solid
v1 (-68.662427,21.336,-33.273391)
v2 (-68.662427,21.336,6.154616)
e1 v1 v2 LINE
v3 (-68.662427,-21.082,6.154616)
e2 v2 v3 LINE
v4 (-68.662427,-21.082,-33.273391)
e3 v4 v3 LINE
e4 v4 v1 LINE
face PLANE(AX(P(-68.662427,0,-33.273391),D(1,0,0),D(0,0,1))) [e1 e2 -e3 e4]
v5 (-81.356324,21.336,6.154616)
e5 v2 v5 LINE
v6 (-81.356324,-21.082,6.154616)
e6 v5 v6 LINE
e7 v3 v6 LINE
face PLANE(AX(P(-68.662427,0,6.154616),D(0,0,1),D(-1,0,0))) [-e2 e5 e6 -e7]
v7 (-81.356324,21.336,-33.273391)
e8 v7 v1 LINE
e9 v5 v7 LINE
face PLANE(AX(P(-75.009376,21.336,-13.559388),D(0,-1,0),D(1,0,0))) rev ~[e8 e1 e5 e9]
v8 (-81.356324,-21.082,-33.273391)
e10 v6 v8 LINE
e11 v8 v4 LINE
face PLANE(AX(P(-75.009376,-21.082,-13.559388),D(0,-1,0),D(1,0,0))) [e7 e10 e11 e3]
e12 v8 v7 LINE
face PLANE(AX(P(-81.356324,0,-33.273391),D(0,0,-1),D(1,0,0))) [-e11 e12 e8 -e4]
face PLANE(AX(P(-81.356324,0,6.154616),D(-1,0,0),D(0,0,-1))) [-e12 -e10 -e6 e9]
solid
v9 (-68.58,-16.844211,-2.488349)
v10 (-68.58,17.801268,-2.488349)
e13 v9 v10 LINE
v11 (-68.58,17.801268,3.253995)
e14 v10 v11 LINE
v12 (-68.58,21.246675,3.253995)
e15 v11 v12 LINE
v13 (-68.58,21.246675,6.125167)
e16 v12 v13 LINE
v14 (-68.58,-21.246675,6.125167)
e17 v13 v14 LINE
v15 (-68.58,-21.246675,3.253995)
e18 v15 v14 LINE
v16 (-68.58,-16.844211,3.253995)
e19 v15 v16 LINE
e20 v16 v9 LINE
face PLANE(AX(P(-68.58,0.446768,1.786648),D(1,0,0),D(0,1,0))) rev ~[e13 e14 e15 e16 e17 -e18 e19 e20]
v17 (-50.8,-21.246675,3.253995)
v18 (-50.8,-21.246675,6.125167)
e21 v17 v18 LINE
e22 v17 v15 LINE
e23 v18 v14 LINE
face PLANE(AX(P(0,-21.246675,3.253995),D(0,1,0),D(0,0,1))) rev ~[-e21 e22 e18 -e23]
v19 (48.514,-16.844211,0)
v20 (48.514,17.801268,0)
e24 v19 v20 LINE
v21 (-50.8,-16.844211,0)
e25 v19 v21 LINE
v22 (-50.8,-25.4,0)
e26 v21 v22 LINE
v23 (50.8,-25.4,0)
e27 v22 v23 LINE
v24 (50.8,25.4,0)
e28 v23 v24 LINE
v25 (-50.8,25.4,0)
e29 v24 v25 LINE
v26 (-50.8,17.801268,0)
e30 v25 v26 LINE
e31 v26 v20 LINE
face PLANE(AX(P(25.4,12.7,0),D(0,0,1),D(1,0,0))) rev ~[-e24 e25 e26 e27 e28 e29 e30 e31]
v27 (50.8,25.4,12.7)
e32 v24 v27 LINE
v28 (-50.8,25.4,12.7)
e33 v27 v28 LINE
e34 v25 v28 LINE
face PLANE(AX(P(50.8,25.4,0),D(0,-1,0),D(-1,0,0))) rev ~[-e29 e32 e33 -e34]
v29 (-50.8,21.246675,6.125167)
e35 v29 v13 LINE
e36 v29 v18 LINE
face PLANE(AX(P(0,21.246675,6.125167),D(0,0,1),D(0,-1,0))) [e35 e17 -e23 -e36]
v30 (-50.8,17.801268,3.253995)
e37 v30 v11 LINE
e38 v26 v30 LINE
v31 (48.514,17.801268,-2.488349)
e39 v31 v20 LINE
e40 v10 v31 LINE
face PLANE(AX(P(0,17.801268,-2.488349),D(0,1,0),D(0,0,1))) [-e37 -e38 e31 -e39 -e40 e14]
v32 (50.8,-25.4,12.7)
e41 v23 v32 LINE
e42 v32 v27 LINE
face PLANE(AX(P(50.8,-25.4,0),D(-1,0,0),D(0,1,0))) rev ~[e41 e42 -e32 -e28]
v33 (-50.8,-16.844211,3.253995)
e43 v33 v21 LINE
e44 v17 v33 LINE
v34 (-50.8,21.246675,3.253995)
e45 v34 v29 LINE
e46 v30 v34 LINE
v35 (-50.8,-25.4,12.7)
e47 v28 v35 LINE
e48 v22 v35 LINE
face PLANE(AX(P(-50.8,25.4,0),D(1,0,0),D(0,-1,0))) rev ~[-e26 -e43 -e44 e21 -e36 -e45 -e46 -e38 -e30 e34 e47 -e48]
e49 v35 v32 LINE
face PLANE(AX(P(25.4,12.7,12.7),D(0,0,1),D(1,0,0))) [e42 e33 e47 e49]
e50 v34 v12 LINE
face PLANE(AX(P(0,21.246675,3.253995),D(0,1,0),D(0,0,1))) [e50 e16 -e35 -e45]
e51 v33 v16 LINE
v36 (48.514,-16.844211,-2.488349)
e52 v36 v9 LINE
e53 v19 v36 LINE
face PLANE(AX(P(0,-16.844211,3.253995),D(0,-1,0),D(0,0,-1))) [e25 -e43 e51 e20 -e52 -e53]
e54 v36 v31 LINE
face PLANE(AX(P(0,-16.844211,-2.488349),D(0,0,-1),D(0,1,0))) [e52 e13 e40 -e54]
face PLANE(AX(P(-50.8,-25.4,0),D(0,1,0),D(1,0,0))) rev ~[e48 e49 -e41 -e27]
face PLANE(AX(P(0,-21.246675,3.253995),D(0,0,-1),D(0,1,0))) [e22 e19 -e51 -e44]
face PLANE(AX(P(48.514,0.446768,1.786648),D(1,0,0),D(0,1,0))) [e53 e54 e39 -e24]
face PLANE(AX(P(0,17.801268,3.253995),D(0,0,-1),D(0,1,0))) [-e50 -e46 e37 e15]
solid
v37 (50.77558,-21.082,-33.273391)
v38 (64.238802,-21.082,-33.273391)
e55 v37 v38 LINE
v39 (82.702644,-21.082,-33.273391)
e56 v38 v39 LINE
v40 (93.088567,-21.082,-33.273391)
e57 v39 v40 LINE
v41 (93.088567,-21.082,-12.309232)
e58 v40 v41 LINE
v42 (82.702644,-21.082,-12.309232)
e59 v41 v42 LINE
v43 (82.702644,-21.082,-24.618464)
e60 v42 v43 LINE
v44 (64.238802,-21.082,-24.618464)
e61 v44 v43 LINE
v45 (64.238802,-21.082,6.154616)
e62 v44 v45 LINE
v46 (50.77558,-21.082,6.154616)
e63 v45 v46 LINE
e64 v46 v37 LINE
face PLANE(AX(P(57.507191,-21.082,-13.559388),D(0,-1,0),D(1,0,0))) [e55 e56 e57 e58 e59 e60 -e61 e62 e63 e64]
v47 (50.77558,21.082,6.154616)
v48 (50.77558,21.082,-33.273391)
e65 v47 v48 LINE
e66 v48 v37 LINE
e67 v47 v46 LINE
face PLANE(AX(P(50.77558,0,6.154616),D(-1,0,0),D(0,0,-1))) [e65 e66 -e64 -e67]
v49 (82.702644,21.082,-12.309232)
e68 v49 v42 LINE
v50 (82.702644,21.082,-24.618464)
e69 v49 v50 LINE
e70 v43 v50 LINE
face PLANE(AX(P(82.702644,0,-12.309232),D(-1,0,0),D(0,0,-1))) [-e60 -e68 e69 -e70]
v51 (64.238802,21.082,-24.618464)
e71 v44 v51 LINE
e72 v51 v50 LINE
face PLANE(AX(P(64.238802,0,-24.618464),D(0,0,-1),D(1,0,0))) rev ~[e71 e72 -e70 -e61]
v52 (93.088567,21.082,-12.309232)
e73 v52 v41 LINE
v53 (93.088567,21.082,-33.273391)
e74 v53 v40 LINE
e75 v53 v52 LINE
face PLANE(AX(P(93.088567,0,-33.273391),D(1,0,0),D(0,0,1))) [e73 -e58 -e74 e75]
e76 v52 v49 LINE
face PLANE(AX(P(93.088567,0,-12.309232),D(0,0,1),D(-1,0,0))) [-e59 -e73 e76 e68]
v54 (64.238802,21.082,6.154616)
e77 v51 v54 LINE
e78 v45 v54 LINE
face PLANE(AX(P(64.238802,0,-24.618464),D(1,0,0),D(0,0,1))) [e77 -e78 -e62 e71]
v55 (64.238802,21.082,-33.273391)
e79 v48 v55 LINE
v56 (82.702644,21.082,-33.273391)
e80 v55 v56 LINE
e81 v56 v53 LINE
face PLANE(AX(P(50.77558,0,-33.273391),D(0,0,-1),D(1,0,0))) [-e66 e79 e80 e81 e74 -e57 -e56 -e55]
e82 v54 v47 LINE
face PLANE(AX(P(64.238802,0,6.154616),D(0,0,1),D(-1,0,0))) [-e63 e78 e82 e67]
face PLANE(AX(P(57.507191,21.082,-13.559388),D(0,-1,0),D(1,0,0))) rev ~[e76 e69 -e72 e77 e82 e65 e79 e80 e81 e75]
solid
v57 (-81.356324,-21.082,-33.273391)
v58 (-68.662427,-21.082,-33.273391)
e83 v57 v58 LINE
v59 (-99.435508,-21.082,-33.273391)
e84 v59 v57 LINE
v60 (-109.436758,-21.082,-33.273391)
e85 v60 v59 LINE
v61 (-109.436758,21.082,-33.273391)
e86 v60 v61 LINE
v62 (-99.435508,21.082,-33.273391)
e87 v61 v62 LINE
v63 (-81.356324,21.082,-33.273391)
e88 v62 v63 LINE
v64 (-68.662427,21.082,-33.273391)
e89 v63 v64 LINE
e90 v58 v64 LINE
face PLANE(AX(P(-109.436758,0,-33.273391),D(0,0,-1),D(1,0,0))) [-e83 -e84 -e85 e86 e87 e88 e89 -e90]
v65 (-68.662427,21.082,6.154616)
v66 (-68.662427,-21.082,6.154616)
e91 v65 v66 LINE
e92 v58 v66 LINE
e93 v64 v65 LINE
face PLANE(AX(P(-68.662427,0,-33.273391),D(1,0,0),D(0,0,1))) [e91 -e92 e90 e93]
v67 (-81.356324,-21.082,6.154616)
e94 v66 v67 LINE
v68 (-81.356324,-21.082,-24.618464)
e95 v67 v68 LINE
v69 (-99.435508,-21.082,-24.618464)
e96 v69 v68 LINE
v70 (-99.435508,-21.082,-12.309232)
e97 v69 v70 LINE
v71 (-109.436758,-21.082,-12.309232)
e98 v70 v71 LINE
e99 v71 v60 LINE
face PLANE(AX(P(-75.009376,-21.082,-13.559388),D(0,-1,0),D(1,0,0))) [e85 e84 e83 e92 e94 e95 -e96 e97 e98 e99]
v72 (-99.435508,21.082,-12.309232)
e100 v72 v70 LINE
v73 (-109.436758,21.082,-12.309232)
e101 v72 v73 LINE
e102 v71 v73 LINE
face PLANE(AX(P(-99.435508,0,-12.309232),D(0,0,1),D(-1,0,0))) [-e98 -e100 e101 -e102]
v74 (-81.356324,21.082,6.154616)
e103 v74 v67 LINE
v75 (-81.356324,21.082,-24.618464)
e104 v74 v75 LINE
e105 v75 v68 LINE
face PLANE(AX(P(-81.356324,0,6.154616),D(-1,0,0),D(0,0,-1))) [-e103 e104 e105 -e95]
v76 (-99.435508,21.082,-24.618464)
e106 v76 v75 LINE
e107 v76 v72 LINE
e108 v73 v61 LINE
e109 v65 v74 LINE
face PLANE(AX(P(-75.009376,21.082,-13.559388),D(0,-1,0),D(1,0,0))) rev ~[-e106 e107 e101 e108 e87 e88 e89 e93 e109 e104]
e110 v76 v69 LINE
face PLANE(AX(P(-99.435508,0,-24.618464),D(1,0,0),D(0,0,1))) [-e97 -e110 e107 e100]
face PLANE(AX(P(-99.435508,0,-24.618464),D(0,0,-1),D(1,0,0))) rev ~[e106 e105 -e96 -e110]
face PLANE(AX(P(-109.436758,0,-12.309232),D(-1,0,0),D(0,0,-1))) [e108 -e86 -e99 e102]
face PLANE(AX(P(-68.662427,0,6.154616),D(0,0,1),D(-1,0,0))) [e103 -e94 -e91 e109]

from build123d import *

# Parameters (mm, degrees)
F0_W          = 50.8
F0_H          = 25.4
F1_DEPTH      = 12.7
F2_W          = 4.4024642557
F2_H          = 2.8711722698
F2_W_2        = 0.95705688
F2_W_3        = 3.4454073757
F3_DEPTH      = 48.514
F3_DEPTH_BACK = 68.58
F5_DEPTH      = 21.082
F5_DEPTH_BACK = 21.336
F4_W          = 18.0791839957
F4_H          = 8.6549278349
F6_DEPTH      = 21.082
F6_DEPTH_BACK = 21.082
F4_W_2        = 18.4638425708


with BuildPart() as f1:
    # F0 (on Top) → F1 (new body)
    with BuildSketch(Plane.XY):
        with Locations((25.4, 12.7)):
            Rectangle(F0_W, F0_H)
        with Locations((-25.4, 12.7)):
            Rectangle(F0_W, F0_H)
        with Locations((25.4, -12.7)):
            Rectangle(F0_W, F0_H)
        with Locations((-25.4, -12.7)):
            Rectangle(F0_W, F0_H)
    extrude(amount=F1_DEPTH)

    # F2 (on Right) → F3 (join, two sides)
    with BuildSketch(Plane.YZ) as f3_sk:
        Polygon((-16.8442111462, 3.2539952081), (-16.8442111462, -2.4883493315), (17.8012680262, -2.4883493315), (17.8012680262, 3.2539952081), (16.8442111462, 3.2539952081), (16.8442111462, 6.1251674779), (-16.8442111462, 6.1251674779), align=None)
        with Locations((-19.0454432741, 4.689581343)):
            Rectangle(F2_W, F2_H)
        with Locations((17.3227395862, 4.689581343)):
            Rectangle(F2_W_2, F2_H)
        with Locations((19.5239717141, 4.689581343)):
            Rectangle(F2_W_3, F2_H)
    extrude(amount=F3_DEPTH)
    extrude(f3_sk.sketch, amount=-F3_DEPTH_BACK)


with BuildPart() as f5:
    # F4 (on Front) → F5 (new body, two sides)
    with BuildSketch(Plane.XZ) as f5_sk:
        Polygon((-68.6624273658, -33.2733914256), (-68.6624273658, 6.1546158977), (-81.3563242555, 6.1546158977), (-81.3563242555, -24.6184635907), (-81.3563242555, -33.2733914256), align=None)
    extrude(amount=F5_DEPTH)
    extrude(f5_sk.sketch, amount=-F5_DEPTH_BACK)


with BuildPart() as f6:
    # F4 (on Front) → F6 (new body, two sides)
    with BuildSketch(Plane.XZ) as f6_sk:
        Polygon((-68.6624273658, -33.2733914256), (-68.6624273658, 6.1546158977), (-81.3563242555, 6.1546158977), (-81.3563242555, -24.6184635907), (-81.3563242555, -33.2733914256), align=None)
        with Locations((-90.3959162533, -28.9459275082)):
            Rectangle(F4_W, F4_H)
        Polygon((-99.4355082512, -33.2733914256), (-99.4355082512, -24.6184635907), (-99.4355082512, -12.3092317954), (-109.4367578626, -12.3092317954), (-109.4367578626, -33.2733914256), align=None)
    extrude(amount=F6_DEPTH)
    extrude(f6_sk.sketch, amount=-F6_DEPTH_BACK)


with BuildPart() as f6b:
    # F4 (on Front) → F6, piece 2 (new body, two sides)
    with BuildSketch(Plane.XZ) as f6_2_sk:
        Polygon((64.2388015985, 6.1546158977), (50.7755801082, 6.1546158977), (50.7755801082, -33.2733914256), (64.2388015985, -33.2733914256), (64.2388015985, -24.6184635907), align=None)
        with Locations((73.4707228839, -28.9459275082)):
            Rectangle(F4_W_2, F4_H)
        Polygon((82.7026441693, -12.3092317954), (82.7026441693, -24.6184635907), (82.7026441693, -33.2733914256), (93.0885672569, -33.2733914256), (93.0885672569, -12.3092317954), align=None)
    extrude(amount=F6_DEPTH)
    extrude(f6_2_sk.sketch, amount=-F6_DEPTH_BACK)


solid = Compound([f1.part, f5.part, f6.part, f6b.part])
